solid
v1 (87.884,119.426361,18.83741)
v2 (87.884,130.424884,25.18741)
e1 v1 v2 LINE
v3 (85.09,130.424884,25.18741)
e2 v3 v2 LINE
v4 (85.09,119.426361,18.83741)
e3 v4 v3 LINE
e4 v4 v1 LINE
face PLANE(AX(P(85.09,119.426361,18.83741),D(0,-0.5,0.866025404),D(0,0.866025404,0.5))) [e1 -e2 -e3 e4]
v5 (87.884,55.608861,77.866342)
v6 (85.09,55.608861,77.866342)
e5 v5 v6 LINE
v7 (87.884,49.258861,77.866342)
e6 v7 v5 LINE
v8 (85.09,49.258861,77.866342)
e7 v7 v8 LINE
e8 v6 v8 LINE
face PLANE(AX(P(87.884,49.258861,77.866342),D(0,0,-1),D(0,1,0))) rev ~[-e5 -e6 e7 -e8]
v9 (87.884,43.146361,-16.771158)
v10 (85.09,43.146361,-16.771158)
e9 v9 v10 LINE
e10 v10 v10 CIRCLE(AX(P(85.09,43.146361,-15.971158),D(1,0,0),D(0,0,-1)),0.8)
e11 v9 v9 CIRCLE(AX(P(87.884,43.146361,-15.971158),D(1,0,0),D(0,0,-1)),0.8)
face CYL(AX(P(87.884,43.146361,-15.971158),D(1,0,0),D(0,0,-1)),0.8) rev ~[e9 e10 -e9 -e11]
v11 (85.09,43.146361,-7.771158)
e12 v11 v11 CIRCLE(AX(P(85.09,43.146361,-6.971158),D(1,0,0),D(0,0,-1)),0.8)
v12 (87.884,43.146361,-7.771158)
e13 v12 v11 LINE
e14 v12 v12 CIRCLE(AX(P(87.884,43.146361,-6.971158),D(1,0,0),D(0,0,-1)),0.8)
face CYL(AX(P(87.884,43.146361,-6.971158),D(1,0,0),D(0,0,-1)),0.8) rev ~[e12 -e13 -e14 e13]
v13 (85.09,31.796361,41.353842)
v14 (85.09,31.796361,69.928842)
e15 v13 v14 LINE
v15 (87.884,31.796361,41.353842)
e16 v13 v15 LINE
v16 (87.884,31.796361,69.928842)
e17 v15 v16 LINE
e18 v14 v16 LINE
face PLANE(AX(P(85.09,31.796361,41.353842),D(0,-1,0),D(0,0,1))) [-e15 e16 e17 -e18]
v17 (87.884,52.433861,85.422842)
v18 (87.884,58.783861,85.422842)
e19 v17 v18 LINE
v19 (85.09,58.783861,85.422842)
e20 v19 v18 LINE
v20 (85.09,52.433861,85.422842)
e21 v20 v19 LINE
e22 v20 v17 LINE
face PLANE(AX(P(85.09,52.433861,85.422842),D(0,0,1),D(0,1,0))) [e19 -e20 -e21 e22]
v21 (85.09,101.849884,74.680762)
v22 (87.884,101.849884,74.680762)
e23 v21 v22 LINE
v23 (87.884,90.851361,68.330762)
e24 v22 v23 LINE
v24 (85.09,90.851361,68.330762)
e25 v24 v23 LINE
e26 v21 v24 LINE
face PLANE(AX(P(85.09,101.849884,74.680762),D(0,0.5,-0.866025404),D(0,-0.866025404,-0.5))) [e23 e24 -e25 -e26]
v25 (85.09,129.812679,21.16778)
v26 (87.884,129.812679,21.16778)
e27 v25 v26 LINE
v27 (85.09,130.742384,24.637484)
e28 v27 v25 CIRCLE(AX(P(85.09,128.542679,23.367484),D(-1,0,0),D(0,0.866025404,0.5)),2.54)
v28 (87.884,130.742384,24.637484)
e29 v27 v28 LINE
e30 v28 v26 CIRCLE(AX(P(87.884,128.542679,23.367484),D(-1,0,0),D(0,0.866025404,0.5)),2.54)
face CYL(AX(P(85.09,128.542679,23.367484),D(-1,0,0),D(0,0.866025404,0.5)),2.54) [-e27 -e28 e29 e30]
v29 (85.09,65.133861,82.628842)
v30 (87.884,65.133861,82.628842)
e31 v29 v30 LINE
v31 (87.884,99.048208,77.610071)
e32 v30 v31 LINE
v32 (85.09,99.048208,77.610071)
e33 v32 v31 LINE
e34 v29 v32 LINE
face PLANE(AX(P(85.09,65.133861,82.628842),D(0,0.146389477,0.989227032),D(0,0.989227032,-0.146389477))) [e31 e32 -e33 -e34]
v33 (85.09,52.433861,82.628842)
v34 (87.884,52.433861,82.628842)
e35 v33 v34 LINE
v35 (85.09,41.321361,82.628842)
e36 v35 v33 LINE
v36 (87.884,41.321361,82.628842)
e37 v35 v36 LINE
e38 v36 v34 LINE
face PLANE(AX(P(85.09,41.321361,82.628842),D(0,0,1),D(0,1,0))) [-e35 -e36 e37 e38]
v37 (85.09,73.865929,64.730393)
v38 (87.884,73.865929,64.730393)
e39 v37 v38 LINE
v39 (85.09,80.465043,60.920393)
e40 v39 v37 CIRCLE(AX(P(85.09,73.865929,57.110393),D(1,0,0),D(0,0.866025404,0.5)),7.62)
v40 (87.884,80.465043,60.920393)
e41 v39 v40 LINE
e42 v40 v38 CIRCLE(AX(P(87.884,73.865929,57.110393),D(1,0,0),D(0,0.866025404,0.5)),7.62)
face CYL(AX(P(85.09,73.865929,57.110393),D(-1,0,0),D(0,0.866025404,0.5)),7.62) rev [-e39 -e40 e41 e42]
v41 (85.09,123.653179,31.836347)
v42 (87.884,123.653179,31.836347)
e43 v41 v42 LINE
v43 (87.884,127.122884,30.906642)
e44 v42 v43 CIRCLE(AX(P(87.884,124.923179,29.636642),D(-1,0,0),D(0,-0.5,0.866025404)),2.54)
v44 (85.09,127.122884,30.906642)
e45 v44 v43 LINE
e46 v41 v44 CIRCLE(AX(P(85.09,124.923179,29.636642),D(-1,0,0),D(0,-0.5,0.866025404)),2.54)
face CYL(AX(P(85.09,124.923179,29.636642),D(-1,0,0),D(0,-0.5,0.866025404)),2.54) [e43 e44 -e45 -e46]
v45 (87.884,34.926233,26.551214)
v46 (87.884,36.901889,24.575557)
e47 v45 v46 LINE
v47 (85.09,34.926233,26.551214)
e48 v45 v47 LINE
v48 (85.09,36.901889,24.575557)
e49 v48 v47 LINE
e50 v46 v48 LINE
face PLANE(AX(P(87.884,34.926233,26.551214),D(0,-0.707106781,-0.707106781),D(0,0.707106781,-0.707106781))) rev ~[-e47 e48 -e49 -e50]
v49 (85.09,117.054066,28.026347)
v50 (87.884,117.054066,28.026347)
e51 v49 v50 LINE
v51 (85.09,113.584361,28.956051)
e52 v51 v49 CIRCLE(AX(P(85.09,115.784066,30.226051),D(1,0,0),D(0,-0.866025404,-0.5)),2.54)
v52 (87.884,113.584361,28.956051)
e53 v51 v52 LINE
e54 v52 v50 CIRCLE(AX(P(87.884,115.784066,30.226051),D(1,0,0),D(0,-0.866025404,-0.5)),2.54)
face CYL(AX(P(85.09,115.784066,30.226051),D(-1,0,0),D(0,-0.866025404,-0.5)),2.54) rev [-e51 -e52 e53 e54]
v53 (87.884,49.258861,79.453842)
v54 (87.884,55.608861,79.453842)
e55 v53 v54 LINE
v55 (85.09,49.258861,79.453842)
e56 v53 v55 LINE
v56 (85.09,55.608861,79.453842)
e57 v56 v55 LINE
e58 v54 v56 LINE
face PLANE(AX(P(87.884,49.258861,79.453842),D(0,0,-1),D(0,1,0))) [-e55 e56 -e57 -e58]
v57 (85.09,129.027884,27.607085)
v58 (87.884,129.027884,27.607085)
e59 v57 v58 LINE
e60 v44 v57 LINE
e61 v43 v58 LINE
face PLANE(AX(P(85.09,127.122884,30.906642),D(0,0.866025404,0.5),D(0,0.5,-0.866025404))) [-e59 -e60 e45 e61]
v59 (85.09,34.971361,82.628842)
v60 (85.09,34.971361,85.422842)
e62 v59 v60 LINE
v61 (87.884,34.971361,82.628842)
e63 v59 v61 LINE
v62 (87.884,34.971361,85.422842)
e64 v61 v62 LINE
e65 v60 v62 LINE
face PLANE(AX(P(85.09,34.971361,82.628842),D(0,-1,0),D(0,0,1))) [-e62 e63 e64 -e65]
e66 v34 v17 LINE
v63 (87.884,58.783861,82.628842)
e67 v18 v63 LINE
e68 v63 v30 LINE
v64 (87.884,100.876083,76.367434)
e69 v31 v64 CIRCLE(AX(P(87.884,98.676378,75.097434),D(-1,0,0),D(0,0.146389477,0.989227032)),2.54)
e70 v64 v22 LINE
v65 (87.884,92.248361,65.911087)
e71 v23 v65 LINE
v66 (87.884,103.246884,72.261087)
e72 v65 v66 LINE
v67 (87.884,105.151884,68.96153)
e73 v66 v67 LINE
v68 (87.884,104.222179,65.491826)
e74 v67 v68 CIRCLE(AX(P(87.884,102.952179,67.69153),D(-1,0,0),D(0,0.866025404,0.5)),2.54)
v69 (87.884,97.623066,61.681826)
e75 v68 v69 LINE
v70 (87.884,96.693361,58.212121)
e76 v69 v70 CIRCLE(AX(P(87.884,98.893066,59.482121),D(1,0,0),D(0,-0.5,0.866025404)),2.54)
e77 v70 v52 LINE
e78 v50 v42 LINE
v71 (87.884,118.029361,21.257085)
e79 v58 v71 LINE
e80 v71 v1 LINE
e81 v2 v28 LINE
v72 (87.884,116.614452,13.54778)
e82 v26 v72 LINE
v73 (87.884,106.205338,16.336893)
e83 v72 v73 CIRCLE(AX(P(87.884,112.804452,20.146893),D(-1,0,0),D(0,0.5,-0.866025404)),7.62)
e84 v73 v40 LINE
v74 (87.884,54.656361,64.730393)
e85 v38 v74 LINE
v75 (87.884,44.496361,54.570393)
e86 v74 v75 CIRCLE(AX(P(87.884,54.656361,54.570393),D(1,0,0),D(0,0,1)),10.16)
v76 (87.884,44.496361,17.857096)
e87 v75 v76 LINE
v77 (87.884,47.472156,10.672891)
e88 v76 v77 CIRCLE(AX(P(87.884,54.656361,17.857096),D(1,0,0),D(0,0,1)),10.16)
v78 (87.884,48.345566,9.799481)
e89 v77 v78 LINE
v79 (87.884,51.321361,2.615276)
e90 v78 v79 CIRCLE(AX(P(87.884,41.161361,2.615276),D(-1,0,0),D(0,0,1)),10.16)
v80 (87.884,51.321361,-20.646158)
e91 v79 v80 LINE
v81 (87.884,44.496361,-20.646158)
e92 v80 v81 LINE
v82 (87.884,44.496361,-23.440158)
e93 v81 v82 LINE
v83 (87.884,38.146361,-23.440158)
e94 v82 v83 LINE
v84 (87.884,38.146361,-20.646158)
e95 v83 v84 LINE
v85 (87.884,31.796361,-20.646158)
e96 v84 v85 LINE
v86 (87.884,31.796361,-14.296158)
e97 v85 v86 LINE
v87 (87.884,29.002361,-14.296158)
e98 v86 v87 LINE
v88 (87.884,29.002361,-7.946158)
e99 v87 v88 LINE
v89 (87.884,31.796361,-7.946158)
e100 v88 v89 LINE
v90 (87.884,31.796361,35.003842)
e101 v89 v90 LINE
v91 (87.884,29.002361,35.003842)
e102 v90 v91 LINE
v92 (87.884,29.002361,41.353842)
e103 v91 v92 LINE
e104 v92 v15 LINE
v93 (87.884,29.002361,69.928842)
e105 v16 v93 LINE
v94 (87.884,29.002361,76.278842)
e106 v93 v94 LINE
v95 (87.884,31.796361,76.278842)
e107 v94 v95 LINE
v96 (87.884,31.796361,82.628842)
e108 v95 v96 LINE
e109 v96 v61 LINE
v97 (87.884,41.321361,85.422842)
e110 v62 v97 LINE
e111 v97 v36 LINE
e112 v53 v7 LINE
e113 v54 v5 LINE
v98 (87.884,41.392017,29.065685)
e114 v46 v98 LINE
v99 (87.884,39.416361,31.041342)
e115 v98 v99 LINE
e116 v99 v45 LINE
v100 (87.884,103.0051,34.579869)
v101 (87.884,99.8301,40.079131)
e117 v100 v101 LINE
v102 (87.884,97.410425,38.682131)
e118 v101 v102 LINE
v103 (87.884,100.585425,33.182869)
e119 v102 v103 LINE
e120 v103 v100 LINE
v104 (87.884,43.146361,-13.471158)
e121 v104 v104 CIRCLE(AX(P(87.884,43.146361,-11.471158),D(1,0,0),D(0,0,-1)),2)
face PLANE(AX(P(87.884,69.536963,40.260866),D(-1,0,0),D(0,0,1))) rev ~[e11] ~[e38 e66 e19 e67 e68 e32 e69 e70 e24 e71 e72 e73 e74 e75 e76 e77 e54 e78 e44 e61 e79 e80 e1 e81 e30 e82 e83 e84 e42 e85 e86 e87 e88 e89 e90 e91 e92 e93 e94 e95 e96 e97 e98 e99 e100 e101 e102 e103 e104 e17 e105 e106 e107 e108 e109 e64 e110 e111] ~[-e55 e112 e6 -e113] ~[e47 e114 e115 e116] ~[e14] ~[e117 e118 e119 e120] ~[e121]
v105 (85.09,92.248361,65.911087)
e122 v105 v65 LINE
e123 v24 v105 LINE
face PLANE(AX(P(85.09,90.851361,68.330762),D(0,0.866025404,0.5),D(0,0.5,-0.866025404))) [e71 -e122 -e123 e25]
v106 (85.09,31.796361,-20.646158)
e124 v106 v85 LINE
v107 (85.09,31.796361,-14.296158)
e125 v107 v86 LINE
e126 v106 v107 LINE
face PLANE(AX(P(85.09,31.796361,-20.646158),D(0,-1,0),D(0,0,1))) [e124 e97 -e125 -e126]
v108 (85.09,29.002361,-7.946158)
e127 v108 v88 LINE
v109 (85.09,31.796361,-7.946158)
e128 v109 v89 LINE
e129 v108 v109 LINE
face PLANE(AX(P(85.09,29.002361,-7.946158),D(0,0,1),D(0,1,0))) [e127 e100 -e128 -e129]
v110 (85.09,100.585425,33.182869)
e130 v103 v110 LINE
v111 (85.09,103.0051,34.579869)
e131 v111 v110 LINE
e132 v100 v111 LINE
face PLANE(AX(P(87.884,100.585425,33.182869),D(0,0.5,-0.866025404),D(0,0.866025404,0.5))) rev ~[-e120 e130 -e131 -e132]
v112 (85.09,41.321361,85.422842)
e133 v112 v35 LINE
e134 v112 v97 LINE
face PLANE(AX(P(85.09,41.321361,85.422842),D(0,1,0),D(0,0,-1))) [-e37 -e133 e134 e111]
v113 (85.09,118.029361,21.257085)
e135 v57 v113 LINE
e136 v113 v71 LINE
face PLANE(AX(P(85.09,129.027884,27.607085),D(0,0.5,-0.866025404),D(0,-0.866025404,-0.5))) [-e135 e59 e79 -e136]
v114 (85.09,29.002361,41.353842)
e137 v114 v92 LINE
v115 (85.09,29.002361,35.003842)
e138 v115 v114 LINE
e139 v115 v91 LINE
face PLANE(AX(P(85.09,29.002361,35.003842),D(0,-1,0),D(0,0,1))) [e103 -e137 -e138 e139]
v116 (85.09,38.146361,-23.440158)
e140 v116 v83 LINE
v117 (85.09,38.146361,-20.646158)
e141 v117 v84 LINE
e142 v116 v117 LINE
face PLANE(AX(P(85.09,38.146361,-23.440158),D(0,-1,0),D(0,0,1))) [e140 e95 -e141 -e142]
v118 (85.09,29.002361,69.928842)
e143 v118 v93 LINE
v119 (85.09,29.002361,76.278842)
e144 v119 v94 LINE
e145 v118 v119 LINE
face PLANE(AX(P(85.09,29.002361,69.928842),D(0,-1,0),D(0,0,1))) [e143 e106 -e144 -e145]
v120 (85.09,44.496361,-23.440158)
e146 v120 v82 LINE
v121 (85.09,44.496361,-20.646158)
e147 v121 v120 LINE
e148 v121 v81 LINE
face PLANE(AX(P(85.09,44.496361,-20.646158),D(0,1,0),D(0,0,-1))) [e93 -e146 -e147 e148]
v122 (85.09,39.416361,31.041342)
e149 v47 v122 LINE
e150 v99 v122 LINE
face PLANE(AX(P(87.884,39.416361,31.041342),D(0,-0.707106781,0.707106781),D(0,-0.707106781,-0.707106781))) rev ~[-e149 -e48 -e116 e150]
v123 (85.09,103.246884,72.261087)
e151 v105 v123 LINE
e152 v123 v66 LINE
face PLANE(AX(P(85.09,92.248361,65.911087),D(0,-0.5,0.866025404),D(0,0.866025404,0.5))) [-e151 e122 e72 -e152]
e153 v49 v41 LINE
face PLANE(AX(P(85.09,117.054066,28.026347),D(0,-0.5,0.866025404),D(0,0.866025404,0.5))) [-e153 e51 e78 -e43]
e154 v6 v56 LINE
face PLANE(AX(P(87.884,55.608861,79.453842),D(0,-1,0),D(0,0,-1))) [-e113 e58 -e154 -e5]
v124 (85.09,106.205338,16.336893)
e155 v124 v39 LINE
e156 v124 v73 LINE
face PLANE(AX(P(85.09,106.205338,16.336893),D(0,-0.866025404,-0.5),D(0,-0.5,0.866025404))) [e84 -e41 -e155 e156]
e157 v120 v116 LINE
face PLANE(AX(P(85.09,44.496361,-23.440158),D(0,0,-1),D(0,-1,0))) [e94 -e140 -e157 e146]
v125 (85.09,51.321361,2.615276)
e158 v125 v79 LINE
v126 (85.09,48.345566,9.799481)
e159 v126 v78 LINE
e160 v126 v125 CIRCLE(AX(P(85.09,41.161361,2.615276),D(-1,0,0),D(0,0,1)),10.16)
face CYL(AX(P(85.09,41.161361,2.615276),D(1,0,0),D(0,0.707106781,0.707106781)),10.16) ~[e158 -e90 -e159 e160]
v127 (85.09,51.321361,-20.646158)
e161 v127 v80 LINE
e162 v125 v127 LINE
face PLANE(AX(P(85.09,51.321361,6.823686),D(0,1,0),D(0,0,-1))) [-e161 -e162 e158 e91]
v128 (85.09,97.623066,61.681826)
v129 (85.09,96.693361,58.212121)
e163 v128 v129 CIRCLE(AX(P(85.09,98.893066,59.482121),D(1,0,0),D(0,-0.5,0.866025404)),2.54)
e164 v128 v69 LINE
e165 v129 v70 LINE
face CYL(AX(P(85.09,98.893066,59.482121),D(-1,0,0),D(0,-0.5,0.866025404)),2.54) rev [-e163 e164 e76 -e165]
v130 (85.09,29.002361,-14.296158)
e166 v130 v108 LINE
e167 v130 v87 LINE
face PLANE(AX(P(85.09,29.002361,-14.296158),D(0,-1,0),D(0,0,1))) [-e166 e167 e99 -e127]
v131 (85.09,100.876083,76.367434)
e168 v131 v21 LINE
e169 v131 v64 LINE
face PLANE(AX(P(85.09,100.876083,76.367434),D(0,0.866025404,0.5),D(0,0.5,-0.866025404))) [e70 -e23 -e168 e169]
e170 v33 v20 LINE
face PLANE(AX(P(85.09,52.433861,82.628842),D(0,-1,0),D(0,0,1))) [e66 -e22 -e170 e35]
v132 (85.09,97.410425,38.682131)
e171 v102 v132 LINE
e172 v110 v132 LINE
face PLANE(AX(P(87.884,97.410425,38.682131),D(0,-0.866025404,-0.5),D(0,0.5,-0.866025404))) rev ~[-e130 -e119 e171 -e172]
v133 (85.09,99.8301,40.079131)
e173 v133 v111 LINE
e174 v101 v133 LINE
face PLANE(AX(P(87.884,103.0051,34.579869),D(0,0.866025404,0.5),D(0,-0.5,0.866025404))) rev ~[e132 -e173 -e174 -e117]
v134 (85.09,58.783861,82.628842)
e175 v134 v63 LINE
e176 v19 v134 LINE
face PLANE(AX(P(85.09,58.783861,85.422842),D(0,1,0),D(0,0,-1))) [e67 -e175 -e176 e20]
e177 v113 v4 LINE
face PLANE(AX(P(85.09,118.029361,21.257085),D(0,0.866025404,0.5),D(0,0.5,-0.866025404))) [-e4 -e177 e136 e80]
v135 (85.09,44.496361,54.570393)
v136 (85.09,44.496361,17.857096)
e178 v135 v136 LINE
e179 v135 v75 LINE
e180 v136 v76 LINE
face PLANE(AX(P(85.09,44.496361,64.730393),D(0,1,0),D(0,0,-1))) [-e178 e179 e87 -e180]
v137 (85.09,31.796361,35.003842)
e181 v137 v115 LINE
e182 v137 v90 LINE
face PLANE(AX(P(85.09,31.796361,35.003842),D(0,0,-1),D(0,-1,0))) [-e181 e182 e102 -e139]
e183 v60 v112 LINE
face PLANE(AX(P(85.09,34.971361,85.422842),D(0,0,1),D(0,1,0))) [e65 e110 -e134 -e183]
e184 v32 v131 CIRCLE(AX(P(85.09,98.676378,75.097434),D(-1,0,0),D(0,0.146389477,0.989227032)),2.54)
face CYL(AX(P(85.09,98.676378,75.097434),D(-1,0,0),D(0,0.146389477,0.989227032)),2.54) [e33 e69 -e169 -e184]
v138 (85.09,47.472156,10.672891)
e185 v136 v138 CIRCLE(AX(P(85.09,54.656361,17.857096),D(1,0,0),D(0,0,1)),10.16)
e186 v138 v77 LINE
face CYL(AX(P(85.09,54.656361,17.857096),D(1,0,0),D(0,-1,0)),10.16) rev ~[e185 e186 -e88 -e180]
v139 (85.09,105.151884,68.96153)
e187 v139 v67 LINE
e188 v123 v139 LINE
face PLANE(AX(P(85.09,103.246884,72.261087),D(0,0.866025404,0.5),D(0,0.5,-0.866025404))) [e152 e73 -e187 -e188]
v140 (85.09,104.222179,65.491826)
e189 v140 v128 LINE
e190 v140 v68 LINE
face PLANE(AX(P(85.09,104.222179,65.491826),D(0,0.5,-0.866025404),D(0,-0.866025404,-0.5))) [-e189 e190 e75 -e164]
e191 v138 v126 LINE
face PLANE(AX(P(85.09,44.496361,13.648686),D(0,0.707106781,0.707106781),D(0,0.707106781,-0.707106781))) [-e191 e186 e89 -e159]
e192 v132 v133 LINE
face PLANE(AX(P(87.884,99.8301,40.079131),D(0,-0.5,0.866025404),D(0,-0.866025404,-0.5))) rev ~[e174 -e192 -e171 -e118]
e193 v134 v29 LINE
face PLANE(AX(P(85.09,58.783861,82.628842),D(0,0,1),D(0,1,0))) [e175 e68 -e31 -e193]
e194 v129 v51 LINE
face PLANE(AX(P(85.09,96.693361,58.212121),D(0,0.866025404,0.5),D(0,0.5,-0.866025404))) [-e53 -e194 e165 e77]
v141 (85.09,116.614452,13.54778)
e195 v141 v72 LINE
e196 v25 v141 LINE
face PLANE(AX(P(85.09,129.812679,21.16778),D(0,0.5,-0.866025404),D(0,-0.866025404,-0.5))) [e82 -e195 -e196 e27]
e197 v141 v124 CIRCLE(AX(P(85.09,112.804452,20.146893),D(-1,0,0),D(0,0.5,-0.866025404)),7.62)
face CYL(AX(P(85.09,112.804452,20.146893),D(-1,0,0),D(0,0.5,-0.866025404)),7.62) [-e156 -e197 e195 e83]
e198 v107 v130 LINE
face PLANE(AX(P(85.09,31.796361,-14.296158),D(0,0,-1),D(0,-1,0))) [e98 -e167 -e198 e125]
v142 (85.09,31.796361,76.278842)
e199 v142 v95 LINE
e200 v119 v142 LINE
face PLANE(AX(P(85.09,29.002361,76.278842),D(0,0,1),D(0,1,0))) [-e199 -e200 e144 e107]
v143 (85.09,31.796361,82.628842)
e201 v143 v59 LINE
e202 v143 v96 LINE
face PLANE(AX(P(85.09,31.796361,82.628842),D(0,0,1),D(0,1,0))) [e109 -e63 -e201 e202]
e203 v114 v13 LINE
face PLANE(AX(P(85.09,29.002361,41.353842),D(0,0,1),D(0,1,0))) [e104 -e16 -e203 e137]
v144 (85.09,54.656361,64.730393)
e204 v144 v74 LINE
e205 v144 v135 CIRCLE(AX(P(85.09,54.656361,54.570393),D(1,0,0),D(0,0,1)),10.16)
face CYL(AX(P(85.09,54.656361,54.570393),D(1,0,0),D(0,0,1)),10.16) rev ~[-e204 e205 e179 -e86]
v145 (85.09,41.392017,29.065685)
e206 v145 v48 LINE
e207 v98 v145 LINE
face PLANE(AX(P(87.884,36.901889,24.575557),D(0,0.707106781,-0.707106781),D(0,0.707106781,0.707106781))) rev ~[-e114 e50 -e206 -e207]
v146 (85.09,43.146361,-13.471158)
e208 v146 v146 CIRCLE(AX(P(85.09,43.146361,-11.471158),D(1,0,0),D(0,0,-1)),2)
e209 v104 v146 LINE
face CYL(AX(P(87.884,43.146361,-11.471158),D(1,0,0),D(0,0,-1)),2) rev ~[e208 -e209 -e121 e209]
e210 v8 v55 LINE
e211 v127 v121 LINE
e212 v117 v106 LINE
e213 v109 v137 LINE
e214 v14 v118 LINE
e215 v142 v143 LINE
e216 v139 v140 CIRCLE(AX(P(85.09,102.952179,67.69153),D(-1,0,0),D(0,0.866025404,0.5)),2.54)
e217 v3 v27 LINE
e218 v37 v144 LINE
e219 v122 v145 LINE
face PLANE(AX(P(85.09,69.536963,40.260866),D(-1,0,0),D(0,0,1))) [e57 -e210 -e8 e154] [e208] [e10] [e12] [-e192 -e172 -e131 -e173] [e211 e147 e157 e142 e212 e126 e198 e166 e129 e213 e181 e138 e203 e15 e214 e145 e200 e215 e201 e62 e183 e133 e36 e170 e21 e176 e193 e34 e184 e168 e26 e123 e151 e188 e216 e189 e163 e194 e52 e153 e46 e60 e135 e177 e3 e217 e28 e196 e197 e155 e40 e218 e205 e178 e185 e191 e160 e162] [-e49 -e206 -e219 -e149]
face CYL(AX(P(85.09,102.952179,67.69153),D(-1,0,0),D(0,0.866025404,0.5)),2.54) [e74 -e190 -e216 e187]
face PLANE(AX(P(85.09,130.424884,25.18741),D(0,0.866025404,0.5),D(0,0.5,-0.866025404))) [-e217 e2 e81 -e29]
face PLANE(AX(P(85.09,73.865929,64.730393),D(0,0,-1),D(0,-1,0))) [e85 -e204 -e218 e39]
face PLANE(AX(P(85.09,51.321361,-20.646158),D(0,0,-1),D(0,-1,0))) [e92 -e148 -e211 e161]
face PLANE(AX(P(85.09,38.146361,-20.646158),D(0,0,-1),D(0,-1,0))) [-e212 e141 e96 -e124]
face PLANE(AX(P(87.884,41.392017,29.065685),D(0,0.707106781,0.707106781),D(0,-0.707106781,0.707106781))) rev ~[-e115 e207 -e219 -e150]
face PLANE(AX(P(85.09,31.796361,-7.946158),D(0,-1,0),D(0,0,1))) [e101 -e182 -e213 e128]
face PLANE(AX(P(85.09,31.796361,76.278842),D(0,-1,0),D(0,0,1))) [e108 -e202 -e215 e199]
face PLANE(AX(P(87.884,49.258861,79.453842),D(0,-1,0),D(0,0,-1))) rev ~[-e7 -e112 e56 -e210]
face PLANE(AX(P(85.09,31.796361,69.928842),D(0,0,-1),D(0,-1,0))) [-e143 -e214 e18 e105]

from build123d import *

# Parameters (mm, degrees)
BOSS_EXTRUDE1_DEPTH = 2.794
SKETCH2_R           = 2
SKETCH2_R_2         = 0.8
SKETCH2_W           = 1.5875
SKETCH2_H           = 6.35
CUT_EXTRUDE1_DEPTH  = 157.484941985
FILLET1_R           = 10.16


with BuildPart() as part:
    # Sketch1 → Boss-Extrude1 (new body)
    with BuildSketch(Plane(origin=(85.09, 0, 0), x_dir=(0, 0, -1), z_dir=(1, 0, 0))):
        with BuildLine():
            Line((-64.730392893, 73.865929303), (-64.730392893, 44.496360983))
            Line((-64.730392893, 44.496360983), (-13.648686174, 44.496360983))
            Line((-13.648686174, 44.496360983), (-6.823686174, 51.321360983))
            Line((-6.823686174, 51.321360983), (20.646158347, 51.321360983))
            Line((20.646158347, 51.321360983), (20.646158347, 44.496360983))
            Line((20.646158347, 44.496360983), (23.440158347, 44.496360983))
            Line((23.440158347, 44.496360983), (23.440158347, 38.146360983))
            Line((23.440158347, 38.146360983), (20.646158347, 38.146360983))
            Line((20.646158347, 38.146360983), (20.646158347, 31.796360983))
            Line((20.646158347, 31.796360983), (14.296158347, 31.796360983))
            Line((14.296158347, 31.796360983), (14.296158347, 29.002360983))
            Line((14.296158347, 29.002360983), (7.946158347, 29.002360983))
            Line((7.946158347, 29.002360983), (7.946158347, 31.796360983))
            Line((7.946158347, 31.796360983), (-35.003841653, 31.796360983))
            Line((-35.003841653, 31.796360983), (-35.003841653, 29.002360983))
            Line((-35.003841653, 29.002360983), (-41.353841653, 29.002360983))
            Line((-41.353841653, 29.002360983), (-41.353841653, 31.796360983))
            Line((-41.353841653, 31.796360983), (-69.928841653, 31.796360983))
            Line((-69.928841653, 31.796360983), (-69.928841653, 29.002360983))
            Line((-69.928841653, 29.002360983), (-76.278841653, 29.002360983))
            Line((-76.278841653, 29.002360983), (-76.278841653, 31.796360983))
            Line((-76.278841653, 31.796360983), (-82.628841653, 31.796360983))
            Line((-82.628841653, 31.796360983), (-82.628841653, 34.971360983))
            Line((-82.628841653, 34.971360983), (-85.422841653, 34.971360983))
            Line((-85.422841653, 34.971360983), (-85.422841653, 41.321360983))
            Line((-85.422841653, 41.321360983), (-82.628841653, 41.321360983))
            Line((-82.628841653, 41.321360983), (-82.628841653, 52.433860983))
            Line((-82.628841653, 52.433860983), (-85.422841653, 52.433860983))
            Line((-85.422841653, 52.433860983), (-85.422841653, 58.783860983))
            Line((-85.422841653, 58.783860983), (-82.628841653, 58.783860983))
            Line((-82.628841653, 58.783860983), (-82.628841653, 65.133860983))
            Line((-82.628841653, 65.133860983), (-77.61007114, 99.048207683))
            ThreePointArc((-77.61007114, 99.048207683), (-77.197997978, 100.104395563), (-76.367434478, 100.876082938))
            Line((-76.367434478, 100.876082938), (-74.680762236, 101.849883611))
            Line((-74.680762236, 101.849883611), (-68.330762236, 90.851360983))
            Line((-68.330762236, 90.851360983), (-65.911087258, 92.248360983))
            Line((-65.911087258, 92.248360983), (-72.261087258, 103.246883611))
            Line((-72.261087258, 103.246883611), (-68.96153047, 105.151883611))
            ThreePointArc((-68.96153047, 105.151883611), (-67.034130095, 105.405630684), (-65.491825944, 104.222179085))
            Line((-65.491825944, 104.222179085), (-61.681825944, 97.623065508))
            ThreePointArc((-61.681825944, 97.623065508), (-60.139521793, 96.439613909), (-58.212121418, 96.693360983))
            Line((-58.212121418, 96.693360983), (-28.956051228, 113.584360983))
            ThreePointArc((-28.956051228, 113.584360983), (-27.772599629, 115.126665134), (-28.026346702, 117.054065508))
            Line((-28.026346702, 117.054065508), (-31.836346702, 123.653179085))
            ThreePointArc((-31.836346702, 123.653179085), (-32.090093775, 125.58057946), (-30.906642177, 127.122883611))
            Line((-30.906642177, 127.122883611), (-27.607085388, 129.027883611))
            Line((-27.607085388, 129.027883611), (-21.257085388, 118.029360983))
            Line((-21.257085388, 118.029360983), (-18.83741041, 119.426360983))
            Line((-18.83741041, 119.426360983), (-25.18741041, 130.424883611))
            Line((-25.18741041, 130.424883611), (-24.637484279, 130.742383611))
            ThreePointArc((-24.637484279, 130.742383611), (-22.710083904, 130.996130684), (-21.167779753, 129.812679085))
            Line((-21.167779753, 129.812679085), (-13.547779753, 116.614451931))
            ThreePointArc((-13.547779753, 116.614451931), (-12.786538533, 110.832250808), (-16.33689333, 106.205338355))
            Line((-16.33689333, 106.205338355), (-60.920392893, 80.46504288))
            ThreePointArc((-60.920392893, 80.46504288), (-63.70950647, 77.675929303), (-64.730392893, 73.865929303))
        make_face()
    extrude(amount=BOSS_EXTRUDE1_DEPTH)

    # Sketch2 → Cut-Extrude1 (cut, through all)
    with BuildSketch(Plane(origin=(87.884, 0, 0), x_dir=(0, 0, -1), z_dir=(1, 0, 0))):
        with Locations((11.471158347, 43.146360983)):
            Circle(SKETCH2_R)
        with Locations((15.971158347, 43.146360983)):
            Circle(SKETCH2_R_2)
        with Locations((6.971158347, 43.146360983)):
            Circle(SKETCH2_R_2)
        Polygon((-24.575557246, 36.901889269), (-29.065685306, 41.392017329), (-31.041341653, 39.416360983), (-26.551213592, 34.926232922), align=None)
        with Locations((-78.660091653, 52.433860983)):
            Rectangle(SKETCH2_W, SKETCH2_H)
        Polygon((-38.682130644, 97.41042469), (-33.18286933, 100.58542469), (-34.57986933, 103.005099669), (-40.079130644, 99.830099669), align=None)
    extrude(amount=-CUT_EXTRUDE1_DEPTH, mode=Mode.SUBTRACT)

    # Fillet1
    fillet1_edges = [part.edges().sort_by_distance(p)[0] for p in [
        (86.487, 44.496360983, 64.730392893),
        (86.487, 44.496360983, 13.648686174),
        (86.487, 51.321360983, 6.823686174),
    ]]
    fillet(fillet1_edges, radius=FILLET1_R)


solid = part.part
